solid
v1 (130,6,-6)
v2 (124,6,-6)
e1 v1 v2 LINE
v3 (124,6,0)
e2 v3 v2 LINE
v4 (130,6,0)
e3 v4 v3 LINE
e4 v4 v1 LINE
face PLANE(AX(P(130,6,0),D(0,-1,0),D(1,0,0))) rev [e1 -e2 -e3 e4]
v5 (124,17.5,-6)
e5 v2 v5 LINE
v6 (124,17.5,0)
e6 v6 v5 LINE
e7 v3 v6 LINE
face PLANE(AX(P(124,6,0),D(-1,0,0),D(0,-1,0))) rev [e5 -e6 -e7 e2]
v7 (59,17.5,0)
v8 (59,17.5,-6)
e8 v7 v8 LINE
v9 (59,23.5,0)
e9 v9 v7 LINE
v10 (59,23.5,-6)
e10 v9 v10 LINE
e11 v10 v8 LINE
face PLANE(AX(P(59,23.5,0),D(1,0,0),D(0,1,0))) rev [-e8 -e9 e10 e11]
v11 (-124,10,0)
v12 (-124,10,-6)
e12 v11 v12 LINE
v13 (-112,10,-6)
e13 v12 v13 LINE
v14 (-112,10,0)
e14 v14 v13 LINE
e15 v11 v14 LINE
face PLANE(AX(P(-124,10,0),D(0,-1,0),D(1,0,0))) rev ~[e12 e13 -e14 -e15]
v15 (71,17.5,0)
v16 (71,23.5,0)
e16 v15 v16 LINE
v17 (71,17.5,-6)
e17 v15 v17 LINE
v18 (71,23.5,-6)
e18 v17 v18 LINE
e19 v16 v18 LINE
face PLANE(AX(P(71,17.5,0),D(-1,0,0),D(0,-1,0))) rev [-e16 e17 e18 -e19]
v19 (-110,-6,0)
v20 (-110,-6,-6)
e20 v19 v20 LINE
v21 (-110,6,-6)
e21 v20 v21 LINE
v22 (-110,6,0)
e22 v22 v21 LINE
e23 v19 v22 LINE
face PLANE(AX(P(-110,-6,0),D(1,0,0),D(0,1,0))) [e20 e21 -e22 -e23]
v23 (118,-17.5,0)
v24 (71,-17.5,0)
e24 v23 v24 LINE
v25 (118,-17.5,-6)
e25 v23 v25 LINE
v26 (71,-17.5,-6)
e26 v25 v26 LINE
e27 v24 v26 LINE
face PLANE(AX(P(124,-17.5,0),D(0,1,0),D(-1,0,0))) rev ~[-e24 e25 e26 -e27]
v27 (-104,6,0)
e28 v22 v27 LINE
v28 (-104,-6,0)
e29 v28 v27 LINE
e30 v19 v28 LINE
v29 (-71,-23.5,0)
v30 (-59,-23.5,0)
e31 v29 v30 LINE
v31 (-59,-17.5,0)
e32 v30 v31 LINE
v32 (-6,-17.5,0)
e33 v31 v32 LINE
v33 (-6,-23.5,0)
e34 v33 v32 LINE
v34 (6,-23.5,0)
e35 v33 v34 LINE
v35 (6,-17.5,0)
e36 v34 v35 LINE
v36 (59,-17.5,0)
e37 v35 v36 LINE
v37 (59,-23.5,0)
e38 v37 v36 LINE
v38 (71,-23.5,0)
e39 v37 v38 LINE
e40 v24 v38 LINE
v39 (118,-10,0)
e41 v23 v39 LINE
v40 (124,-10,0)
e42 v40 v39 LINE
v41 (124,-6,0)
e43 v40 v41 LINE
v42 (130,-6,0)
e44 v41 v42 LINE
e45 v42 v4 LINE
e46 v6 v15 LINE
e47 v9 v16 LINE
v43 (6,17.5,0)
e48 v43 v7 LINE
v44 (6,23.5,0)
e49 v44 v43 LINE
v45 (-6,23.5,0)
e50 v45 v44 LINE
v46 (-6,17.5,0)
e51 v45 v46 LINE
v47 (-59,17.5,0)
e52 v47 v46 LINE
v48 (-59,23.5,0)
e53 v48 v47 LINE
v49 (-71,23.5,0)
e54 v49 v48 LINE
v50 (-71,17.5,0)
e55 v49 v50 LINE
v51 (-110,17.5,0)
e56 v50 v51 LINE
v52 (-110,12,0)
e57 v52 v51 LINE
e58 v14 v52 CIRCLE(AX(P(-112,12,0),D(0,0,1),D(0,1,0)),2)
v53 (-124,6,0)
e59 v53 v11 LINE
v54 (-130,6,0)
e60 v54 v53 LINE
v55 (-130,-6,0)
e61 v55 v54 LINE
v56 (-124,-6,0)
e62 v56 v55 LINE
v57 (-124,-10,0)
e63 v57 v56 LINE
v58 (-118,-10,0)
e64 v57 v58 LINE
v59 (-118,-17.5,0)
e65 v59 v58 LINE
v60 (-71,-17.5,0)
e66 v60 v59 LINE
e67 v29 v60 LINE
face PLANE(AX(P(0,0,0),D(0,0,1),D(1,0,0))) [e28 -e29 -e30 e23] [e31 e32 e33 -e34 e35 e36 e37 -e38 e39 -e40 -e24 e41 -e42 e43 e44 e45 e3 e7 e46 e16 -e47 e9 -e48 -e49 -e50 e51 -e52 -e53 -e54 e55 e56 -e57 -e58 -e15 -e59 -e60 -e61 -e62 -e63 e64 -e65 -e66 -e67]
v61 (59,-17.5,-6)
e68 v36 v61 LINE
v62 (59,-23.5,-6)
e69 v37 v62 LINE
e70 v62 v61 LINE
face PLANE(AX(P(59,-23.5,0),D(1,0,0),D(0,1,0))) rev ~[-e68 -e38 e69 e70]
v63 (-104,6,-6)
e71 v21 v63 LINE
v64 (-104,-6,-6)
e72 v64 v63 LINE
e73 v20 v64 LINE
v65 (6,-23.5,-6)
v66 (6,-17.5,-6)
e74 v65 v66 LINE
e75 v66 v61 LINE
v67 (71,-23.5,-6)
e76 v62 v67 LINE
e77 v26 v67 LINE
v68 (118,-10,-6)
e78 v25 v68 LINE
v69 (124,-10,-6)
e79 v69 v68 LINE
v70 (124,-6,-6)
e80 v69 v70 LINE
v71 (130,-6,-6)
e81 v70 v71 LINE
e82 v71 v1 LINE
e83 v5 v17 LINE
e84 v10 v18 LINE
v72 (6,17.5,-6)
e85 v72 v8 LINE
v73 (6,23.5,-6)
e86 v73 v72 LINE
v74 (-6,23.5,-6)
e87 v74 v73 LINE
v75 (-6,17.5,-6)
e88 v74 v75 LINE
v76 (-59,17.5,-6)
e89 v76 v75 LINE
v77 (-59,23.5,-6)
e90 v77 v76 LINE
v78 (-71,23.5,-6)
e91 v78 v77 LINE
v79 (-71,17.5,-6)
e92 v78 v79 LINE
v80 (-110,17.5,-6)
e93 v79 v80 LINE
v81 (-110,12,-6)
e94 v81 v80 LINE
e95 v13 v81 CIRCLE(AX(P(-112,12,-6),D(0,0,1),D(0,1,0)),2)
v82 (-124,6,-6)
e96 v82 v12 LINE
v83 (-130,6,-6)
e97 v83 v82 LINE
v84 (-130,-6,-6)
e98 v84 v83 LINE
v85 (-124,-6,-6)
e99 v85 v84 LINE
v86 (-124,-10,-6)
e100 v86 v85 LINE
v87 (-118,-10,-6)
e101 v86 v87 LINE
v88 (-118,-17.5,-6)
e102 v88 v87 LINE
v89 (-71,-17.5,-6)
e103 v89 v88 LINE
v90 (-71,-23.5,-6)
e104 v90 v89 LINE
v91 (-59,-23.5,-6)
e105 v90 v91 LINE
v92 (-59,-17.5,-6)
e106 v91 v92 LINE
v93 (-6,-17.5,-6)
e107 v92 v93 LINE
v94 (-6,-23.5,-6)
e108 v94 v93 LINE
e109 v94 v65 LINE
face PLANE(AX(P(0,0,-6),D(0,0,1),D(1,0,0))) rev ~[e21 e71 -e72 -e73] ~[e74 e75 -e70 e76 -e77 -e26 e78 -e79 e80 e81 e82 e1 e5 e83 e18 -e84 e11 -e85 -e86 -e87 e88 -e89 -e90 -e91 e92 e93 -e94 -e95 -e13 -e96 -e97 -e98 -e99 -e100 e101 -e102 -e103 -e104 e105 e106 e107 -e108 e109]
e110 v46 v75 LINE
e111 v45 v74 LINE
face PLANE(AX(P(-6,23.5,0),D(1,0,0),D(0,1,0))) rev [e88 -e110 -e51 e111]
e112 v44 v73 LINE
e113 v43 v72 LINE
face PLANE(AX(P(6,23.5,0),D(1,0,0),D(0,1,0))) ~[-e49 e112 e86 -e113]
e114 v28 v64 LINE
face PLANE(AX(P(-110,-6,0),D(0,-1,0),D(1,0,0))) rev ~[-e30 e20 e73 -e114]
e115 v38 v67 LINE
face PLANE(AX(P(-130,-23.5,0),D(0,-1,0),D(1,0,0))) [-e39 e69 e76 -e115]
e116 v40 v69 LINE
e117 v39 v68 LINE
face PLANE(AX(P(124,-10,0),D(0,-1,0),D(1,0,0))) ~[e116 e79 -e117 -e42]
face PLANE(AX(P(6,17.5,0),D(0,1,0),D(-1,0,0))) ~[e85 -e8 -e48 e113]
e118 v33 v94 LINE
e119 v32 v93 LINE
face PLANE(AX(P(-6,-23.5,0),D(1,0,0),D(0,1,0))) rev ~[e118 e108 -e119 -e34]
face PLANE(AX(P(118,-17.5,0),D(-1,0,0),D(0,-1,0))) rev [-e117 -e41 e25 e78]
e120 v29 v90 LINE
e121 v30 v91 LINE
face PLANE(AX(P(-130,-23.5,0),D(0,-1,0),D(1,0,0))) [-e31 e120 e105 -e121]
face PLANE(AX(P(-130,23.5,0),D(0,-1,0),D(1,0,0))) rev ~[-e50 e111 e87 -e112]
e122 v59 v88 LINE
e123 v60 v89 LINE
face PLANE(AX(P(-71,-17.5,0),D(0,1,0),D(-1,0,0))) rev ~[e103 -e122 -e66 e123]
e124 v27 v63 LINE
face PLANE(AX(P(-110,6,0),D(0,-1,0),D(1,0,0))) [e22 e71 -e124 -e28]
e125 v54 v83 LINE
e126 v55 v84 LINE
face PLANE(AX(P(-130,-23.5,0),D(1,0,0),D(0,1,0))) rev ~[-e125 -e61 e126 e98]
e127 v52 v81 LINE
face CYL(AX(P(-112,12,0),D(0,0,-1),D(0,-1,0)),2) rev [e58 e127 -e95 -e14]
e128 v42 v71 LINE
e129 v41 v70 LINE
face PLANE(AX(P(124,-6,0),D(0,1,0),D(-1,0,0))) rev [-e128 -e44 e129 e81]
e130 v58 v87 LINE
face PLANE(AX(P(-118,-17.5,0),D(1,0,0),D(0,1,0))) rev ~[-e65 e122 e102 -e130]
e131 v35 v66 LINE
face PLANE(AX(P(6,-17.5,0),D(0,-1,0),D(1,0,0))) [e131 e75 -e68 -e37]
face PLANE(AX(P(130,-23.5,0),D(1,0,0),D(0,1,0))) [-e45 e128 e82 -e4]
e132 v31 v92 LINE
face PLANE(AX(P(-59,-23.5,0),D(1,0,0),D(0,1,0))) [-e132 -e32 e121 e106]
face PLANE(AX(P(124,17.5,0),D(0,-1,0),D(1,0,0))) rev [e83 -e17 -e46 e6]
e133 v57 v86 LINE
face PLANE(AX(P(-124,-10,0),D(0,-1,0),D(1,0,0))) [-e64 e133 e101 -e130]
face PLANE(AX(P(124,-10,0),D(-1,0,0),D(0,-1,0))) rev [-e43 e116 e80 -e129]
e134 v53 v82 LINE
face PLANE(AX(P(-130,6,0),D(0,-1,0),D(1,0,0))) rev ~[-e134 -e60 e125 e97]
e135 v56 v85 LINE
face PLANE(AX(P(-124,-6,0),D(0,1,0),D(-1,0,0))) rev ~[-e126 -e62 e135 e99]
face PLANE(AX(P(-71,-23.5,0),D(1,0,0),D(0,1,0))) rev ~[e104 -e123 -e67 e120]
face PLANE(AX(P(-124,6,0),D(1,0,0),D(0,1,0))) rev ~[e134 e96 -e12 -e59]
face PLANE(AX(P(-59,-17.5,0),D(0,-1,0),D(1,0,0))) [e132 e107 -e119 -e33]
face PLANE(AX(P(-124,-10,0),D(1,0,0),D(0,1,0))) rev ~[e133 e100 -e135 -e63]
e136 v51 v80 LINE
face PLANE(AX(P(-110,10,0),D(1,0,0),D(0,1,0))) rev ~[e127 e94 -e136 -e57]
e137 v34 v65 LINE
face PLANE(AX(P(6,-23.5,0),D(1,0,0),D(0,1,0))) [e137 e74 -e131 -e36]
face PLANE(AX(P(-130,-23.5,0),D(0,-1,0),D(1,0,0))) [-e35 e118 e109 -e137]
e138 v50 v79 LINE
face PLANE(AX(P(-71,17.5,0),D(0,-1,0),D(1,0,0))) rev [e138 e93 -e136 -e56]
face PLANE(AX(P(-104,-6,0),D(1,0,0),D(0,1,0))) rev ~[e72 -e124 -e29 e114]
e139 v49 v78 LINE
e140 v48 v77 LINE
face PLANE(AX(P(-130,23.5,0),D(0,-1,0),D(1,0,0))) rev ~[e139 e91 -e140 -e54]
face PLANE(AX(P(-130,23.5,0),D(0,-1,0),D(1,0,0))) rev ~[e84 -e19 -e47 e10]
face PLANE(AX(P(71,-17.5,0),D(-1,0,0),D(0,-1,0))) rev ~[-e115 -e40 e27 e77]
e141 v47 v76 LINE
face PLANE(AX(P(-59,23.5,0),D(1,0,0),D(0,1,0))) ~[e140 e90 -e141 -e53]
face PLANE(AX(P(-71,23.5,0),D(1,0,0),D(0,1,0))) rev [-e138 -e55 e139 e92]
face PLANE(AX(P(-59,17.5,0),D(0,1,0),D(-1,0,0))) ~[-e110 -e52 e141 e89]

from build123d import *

# Parameters (mm, degrees)
SKETCH1_W           = 260
SKETCH1_H           = 47
BOSS_EXTRUDE1_DEPTH = 6
SKETCH3_W           = 6
SKETCH3_H           = 17.5
SKETCH3_H_2         = 7.5
CUT_EXTRUDE1_DEPTH  = 7
SKETCH4_W           = 53
SKETCH4_H           = 6
CUT_EXTRUDE2_DEPTH  = 7
SKETCH5_W           = 14
SKETCH5_H           = 7.5
SKETCH5_W_2         = 6
SKETCH5_H_2         = 12
CUT_EXTRUDE3_DEPTH  = 7
FILLET1_R           = 2


with BuildPart() as part:
    # Sketch1 → Boss-Extrude1 (new body)
    with BuildSketch(Plane.XY):
        Rectangle(SKETCH1_W, SKETCH1_H)
    extrude(amount=-BOSS_EXTRUDE1_DEPTH)

    # Sketch3 → Cut-Extrude1 (cut, through all)
    with BuildSketch(Plane.XY):
        with Locations((-127, 14.75)):
            Rectangle(SKETCH3_W, SKETCH3_H)
        Polygon((-124, -6), (-130, -6), (-130, -23.5), (-124, -23.5), (-124, -17.5), (-124, -10), align=None)
        with Locations((-121, -13.75)):
            Rectangle(SKETCH3_W, SKETCH3_H_2)
    cut_extrude1 = extrude(amount=-CUT_EXTRUDE1_DEPTH, mode=Mode.SUBTRACT)

    # Mirror1: Cut-Extrude1 across plane
    add(cut_extrude1.mirror(Plane(origin=(0, 0, 0), x_dir=(0, 0, 1), z_dir=(1, 0, 0))), mode=Mode.SUBTRACT)

    # Sketch4 → Cut-Extrude2 (cut, through all)
    with BuildSketch(Plane.XY):
        Polygon((-118, -17.5), (-124, -17.5), (-124, -23.5), (-71, -23.5), (-71, -17.5), align=None)
        with Locations((-32.5, -20.5)):
            Rectangle(SKETCH4_W, SKETCH4_H)
        with Locations((32.5, -20.5)):
            Rectangle(SKETCH4_W, SKETCH4_H)
        Polygon((71, -17.5), (71, -23.5), (124, -23.5), (124, -17.5), (118, -17.5), align=None)
    cut_extrude2 = extrude(amount=-CUT_EXTRUDE2_DEPTH, mode=Mode.SUBTRACT)

    # Mirror2: Cut-Extrude2 across plane
    add(cut_extrude2.mirror(Plane.ZX), mode=Mode.SUBTRACT)

    # Sketch5 → Cut-Extrude3 (cut, through all)
    with BuildSketch(Plane.XY):
        with Locations((-117, 13.75)):
            Rectangle(SKETCH5_W, SKETCH5_H)
        with Locations((-107, 0)):
            Rectangle(SKETCH5_W_2, SKETCH5_H_2)
    extrude(amount=-CUT_EXTRUDE3_DEPTH, mode=Mode.SUBTRACT)

    # Fillet1
    fillet1_edges = [part.edges().sort_by_distance(p)[0] for p in [
        (-110, 10, -3),
    ]]
    fillet(fillet1_edges, radius=FILLET1_R)


solid = part.part
